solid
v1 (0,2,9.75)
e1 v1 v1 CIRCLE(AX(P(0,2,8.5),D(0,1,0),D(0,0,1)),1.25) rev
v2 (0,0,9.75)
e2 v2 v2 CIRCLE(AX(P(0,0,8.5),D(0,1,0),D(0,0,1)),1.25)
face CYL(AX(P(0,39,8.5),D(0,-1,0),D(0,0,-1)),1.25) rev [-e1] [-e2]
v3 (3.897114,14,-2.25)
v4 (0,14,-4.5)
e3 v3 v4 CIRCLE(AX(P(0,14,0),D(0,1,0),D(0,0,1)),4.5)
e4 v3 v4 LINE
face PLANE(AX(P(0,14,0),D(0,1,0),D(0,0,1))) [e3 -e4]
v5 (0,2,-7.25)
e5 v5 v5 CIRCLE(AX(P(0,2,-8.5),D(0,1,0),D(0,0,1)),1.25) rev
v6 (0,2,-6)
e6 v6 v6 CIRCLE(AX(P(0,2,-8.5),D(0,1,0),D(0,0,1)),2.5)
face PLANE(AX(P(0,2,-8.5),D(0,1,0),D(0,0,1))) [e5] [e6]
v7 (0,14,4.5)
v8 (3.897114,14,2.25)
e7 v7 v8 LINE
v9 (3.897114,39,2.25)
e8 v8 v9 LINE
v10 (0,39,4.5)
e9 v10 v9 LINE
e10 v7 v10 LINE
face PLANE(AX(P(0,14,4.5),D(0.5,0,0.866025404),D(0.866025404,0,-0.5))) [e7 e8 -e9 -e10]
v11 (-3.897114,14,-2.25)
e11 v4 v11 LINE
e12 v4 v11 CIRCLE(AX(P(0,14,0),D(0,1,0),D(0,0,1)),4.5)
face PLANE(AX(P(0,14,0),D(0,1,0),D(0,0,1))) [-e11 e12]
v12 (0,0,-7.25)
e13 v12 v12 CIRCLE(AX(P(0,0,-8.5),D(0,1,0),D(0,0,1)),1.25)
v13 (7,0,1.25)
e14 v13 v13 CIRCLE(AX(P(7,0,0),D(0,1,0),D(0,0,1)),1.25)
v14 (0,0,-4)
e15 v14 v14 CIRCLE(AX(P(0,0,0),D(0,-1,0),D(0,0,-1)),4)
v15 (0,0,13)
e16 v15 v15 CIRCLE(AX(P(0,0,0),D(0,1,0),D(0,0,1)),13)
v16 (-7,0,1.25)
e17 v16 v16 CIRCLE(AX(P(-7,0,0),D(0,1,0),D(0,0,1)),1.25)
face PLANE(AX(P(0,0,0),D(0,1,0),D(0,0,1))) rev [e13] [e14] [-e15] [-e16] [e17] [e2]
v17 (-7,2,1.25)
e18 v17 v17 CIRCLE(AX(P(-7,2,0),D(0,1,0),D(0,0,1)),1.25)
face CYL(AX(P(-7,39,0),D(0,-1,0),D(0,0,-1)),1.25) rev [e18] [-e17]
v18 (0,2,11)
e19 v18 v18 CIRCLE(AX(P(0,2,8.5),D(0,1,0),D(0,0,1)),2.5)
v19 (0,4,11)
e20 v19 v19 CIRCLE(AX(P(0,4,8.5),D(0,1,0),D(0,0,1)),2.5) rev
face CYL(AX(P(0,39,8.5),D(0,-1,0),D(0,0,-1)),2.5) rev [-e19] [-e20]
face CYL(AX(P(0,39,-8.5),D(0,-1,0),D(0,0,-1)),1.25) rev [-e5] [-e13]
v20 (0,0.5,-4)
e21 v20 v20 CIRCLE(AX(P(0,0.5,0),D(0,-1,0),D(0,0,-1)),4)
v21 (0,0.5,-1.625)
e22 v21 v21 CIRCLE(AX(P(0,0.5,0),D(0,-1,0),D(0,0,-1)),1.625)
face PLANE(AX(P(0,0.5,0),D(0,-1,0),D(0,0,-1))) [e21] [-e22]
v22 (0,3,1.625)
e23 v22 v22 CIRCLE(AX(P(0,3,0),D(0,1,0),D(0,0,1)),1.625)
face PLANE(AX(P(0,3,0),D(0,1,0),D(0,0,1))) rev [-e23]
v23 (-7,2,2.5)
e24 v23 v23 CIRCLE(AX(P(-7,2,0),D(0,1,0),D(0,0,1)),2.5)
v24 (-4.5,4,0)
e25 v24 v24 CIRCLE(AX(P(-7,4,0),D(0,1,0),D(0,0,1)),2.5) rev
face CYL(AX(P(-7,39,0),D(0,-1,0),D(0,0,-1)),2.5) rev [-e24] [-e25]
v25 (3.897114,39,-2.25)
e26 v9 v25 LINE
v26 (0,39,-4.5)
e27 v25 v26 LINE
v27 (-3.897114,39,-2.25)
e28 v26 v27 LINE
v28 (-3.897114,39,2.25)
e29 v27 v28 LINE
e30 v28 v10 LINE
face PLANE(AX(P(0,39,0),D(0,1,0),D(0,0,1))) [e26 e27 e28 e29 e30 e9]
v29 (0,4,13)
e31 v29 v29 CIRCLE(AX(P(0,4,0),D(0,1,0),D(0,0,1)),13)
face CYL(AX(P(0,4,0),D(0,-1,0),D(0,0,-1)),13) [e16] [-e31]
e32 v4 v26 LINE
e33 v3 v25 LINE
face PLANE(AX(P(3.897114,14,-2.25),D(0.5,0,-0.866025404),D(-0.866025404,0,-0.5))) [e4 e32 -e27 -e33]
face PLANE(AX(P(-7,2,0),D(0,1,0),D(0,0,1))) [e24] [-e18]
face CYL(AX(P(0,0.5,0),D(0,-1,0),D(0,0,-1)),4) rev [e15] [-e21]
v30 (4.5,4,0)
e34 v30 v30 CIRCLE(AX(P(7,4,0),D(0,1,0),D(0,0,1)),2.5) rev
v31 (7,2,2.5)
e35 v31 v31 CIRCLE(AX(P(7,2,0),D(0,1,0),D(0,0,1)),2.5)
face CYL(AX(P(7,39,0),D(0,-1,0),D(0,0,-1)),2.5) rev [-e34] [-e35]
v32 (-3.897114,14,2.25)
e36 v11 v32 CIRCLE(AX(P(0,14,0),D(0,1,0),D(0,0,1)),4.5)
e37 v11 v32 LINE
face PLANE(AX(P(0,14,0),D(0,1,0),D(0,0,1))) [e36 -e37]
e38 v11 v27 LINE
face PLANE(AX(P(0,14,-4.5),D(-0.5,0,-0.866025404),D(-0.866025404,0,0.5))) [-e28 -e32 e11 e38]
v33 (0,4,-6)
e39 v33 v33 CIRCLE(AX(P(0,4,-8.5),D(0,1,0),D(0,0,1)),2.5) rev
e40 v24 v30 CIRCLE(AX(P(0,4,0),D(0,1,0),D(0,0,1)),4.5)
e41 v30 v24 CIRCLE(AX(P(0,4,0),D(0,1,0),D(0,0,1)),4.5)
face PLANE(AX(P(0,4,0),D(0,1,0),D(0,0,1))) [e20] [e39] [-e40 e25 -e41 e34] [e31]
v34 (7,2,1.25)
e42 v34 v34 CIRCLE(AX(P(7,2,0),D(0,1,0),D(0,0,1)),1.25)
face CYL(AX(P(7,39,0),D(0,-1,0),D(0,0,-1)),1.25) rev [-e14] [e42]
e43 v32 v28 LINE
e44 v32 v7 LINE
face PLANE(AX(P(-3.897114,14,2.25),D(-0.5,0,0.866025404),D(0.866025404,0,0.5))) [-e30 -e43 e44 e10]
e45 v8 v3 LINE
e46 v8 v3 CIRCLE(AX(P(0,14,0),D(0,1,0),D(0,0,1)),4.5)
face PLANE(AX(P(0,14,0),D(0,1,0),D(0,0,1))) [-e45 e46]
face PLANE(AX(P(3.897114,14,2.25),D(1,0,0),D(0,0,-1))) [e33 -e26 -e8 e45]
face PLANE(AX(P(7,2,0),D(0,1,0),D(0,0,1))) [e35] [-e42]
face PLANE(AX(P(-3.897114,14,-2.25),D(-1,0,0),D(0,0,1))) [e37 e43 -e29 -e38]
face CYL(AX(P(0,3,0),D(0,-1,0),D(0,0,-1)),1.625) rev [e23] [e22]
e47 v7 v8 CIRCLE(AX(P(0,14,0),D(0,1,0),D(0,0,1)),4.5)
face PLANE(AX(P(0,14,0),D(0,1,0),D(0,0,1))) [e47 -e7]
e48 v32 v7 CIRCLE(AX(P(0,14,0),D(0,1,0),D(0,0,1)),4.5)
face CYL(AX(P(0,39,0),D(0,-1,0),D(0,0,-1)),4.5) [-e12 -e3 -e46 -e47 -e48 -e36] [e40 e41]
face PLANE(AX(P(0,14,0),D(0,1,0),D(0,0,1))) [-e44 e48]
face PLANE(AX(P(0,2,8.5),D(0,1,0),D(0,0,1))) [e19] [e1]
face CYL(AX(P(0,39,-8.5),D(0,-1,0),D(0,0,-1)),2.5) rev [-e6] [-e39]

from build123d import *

# Parameters (mm, degrees)
CROQUIS3_R                 = 13
SALIENTE_EXTRUIR1_DEPTH    = 4
CROQUIS4_R                 = 4.5
SALIENTE_EXTRUIR2_DEPTH    = 35
CORTAR_EXTRUIR3_DEPTH      = 44.116122275
CORTAR_EXTRUIR3_DEPTH_BACK = 44.116122275
CROQUIS8_R                 = 1.25
CORTAR_EXTRUIR5_DEPTH      = 40.534794802
CORTAR_EXTRUIR5_DEPTH_BACK = 2
CROQUIS10_R                = 2.5
CROQUIS10_R_2              = 1.25
CROQUIS9_R                 = 1.625
CORTAR_EXTRUIR4_DEPTH      = 3
CROQUIS11_R                = 4
CORTAR_EXTRUIR6_DEPTH      = 0.5
CROQUIS12_OUTSIDE_W        = 38.72
CROQUIS12_OUTSIDE_H        = 38.72
CORTAR_EXTRUIR7_DEPTH      = 25


with BuildPart() as part:
    # Croquis3 → Saliente-Extruir1 (new body)
    with BuildSketch(Plane(origin=(0, 0, 0), x_dir=(1, 0, 0), z_dir=(0, 1, 0))):
        with Locations(Location((0, 0, 0), (0, 0, 270))):
            Circle(CROQUIS3_R)
    extrude(amount=SALIENTE_EXTRUIR1_DEPTH)

    # Croquis4 → Saliente-Extruir2 (add)
    with BuildSketch(Plane(origin=(0, 4, 0), x_dir=(1, 0, 0), z_dir=(0, 1, 0))):
        with Locations(Location((0, 0, 0), (0, 0, 270))):
            Circle(CROQUIS4_R)
    extrude(amount=SALIENTE_EXTRUIR2_DEPTH)

    # Croquis8 → Cortar-Extruir3 (cut, two sides: drawn at the far end of the back side and taken through both)
    with BuildSketch(Plane.XZ.offset(-CORTAR_EXTRUIR3_DEPTH_BACK)):
        with Locations(Location((0, 8.5, 0), (0, 0, 90))):
            Circle(CROQUIS8_R)
        with Locations(Location((0, -8.5, 0), (0, 0, 90))):
            Circle(CROQUIS8_R)
        with Locations(Location((-7, 0, 0), (0, 0, 90))):
            Circle(CROQUIS8_R)
        with Locations(Location((7, 0, 0), (0, 0, 90))):
            Circle(CROQUIS8_R)
    extrude(amount=CORTAR_EXTRUIR3_DEPTH + CORTAR_EXTRUIR3_DEPTH_BACK, mode=Mode.SUBTRACT)

    # Croquis10 → Cortar-Extruir5 (cut, two sides: drawn at the far end of the back side and taken through both)
    # profile 1 of 4: a face of its own
    with BuildSketch(Plane(origin=(0, 4, 0), x_dir=(1, 0, 0), z_dir=(0, 1, 0)).offset(-CORTAR_EXTRUIR5_DEPTH_BACK)):
        with Locations(Location((0, 8.5, 0), (0, 0, 270))):
            Circle(CROQUIS10_R)
    # profile 2 of 4: a face of its own
    with BuildSketch(Plane(origin=(0, 4, 0), x_dir=(1, 0, 0), z_dir=(0, 1, 0)).offset(-CORTAR_EXTRUIR5_DEPTH_BACK)):
        with Locations(Location((0, -8.5, 0), (0, 0, 270))):
            Circle(CROQUIS10_R)
    # profile 3 of 4: a face of its own
    with BuildSketch(Plane(origin=(0, 4, 0), x_dir=(1, 0, 0), z_dir=(0, 1, 0)).offset(-CORTAR_EXTRUIR5_DEPTH_BACK)):
        with Locations(Location((-7, 0, 0), (0, 0, 0.000410889))):
            Circle(CROQUIS10_R)
        with Locations(Location((-7, 0, 0), (0, 0, 270))):
            Circle(CROQUIS10_R_2, mode=Mode.SUBTRACT)
    # profile 4 of 4: a face of its own
    with BuildSketch(Plane(origin=(0, 4, 0), x_dir=(1, 0, 0), z_dir=(0, 1, 0)).offset(-CORTAR_EXTRUIR5_DEPTH_BACK)):
        with Locations(Location((7, 0, 0), (0, 0, 180.000410889))):
            Circle(CROQUIS10_R)
        with Locations(Location((7, 0, 0), (0, 0, 270))):
            Circle(CROQUIS10_R_2, mode=Mode.SUBTRACT)
    extrude(amount=CORTAR_EXTRUIR5_DEPTH + CORTAR_EXTRUIR5_DEPTH_BACK, mode=Mode.SUBTRACT)

    # Croquis9 → Cortar-Extruir4 (cut)
    with BuildSketch(Plane(origin=(0, 0, 0), x_dir=(1, 0, 0), z_dir=(0, 1, 0))):
        with Locations(Location((0, 0, 0), (0, 0, 270))):
            Circle(CROQUIS9_R)
    extrude(amount=CORTAR_EXTRUIR4_DEPTH, mode=Mode.SUBTRACT)

    # Croquis11 → Cortar-Extruir6 (cut)
    with BuildSketch(Plane.XZ):
        with Locations(Location((0, 0, 0), (0, 0, 270))):
            Circle(CROQUIS11_R)
    extrude(amount=-CORTAR_EXTRUIR6_DEPTH, mode=Mode.SUBTRACT)

    # Croquis12 outside → Cortar-Extruir7 (cut)
    with BuildSketch(Plane(origin=(0, 39, 0), x_dir=(1, 0, 0), z_dir=(0, 1, 0))):
        Rectangle(CROQUIS12_OUTSIDE_W, CROQUIS12_OUTSIDE_H)
        Polygon((0, 4.5), (-3.897114317, 2.25), (-3.897114317, -2.25), (0, -4.5), (3.897114317, -2.25), (3.897114317, 2.25), align=None, mode=Mode.SUBTRACT)
    extrude(amount=-CORTAR_EXTRUIR7_DEPTH, mode=Mode.SUBTRACT)


solid = part.part
